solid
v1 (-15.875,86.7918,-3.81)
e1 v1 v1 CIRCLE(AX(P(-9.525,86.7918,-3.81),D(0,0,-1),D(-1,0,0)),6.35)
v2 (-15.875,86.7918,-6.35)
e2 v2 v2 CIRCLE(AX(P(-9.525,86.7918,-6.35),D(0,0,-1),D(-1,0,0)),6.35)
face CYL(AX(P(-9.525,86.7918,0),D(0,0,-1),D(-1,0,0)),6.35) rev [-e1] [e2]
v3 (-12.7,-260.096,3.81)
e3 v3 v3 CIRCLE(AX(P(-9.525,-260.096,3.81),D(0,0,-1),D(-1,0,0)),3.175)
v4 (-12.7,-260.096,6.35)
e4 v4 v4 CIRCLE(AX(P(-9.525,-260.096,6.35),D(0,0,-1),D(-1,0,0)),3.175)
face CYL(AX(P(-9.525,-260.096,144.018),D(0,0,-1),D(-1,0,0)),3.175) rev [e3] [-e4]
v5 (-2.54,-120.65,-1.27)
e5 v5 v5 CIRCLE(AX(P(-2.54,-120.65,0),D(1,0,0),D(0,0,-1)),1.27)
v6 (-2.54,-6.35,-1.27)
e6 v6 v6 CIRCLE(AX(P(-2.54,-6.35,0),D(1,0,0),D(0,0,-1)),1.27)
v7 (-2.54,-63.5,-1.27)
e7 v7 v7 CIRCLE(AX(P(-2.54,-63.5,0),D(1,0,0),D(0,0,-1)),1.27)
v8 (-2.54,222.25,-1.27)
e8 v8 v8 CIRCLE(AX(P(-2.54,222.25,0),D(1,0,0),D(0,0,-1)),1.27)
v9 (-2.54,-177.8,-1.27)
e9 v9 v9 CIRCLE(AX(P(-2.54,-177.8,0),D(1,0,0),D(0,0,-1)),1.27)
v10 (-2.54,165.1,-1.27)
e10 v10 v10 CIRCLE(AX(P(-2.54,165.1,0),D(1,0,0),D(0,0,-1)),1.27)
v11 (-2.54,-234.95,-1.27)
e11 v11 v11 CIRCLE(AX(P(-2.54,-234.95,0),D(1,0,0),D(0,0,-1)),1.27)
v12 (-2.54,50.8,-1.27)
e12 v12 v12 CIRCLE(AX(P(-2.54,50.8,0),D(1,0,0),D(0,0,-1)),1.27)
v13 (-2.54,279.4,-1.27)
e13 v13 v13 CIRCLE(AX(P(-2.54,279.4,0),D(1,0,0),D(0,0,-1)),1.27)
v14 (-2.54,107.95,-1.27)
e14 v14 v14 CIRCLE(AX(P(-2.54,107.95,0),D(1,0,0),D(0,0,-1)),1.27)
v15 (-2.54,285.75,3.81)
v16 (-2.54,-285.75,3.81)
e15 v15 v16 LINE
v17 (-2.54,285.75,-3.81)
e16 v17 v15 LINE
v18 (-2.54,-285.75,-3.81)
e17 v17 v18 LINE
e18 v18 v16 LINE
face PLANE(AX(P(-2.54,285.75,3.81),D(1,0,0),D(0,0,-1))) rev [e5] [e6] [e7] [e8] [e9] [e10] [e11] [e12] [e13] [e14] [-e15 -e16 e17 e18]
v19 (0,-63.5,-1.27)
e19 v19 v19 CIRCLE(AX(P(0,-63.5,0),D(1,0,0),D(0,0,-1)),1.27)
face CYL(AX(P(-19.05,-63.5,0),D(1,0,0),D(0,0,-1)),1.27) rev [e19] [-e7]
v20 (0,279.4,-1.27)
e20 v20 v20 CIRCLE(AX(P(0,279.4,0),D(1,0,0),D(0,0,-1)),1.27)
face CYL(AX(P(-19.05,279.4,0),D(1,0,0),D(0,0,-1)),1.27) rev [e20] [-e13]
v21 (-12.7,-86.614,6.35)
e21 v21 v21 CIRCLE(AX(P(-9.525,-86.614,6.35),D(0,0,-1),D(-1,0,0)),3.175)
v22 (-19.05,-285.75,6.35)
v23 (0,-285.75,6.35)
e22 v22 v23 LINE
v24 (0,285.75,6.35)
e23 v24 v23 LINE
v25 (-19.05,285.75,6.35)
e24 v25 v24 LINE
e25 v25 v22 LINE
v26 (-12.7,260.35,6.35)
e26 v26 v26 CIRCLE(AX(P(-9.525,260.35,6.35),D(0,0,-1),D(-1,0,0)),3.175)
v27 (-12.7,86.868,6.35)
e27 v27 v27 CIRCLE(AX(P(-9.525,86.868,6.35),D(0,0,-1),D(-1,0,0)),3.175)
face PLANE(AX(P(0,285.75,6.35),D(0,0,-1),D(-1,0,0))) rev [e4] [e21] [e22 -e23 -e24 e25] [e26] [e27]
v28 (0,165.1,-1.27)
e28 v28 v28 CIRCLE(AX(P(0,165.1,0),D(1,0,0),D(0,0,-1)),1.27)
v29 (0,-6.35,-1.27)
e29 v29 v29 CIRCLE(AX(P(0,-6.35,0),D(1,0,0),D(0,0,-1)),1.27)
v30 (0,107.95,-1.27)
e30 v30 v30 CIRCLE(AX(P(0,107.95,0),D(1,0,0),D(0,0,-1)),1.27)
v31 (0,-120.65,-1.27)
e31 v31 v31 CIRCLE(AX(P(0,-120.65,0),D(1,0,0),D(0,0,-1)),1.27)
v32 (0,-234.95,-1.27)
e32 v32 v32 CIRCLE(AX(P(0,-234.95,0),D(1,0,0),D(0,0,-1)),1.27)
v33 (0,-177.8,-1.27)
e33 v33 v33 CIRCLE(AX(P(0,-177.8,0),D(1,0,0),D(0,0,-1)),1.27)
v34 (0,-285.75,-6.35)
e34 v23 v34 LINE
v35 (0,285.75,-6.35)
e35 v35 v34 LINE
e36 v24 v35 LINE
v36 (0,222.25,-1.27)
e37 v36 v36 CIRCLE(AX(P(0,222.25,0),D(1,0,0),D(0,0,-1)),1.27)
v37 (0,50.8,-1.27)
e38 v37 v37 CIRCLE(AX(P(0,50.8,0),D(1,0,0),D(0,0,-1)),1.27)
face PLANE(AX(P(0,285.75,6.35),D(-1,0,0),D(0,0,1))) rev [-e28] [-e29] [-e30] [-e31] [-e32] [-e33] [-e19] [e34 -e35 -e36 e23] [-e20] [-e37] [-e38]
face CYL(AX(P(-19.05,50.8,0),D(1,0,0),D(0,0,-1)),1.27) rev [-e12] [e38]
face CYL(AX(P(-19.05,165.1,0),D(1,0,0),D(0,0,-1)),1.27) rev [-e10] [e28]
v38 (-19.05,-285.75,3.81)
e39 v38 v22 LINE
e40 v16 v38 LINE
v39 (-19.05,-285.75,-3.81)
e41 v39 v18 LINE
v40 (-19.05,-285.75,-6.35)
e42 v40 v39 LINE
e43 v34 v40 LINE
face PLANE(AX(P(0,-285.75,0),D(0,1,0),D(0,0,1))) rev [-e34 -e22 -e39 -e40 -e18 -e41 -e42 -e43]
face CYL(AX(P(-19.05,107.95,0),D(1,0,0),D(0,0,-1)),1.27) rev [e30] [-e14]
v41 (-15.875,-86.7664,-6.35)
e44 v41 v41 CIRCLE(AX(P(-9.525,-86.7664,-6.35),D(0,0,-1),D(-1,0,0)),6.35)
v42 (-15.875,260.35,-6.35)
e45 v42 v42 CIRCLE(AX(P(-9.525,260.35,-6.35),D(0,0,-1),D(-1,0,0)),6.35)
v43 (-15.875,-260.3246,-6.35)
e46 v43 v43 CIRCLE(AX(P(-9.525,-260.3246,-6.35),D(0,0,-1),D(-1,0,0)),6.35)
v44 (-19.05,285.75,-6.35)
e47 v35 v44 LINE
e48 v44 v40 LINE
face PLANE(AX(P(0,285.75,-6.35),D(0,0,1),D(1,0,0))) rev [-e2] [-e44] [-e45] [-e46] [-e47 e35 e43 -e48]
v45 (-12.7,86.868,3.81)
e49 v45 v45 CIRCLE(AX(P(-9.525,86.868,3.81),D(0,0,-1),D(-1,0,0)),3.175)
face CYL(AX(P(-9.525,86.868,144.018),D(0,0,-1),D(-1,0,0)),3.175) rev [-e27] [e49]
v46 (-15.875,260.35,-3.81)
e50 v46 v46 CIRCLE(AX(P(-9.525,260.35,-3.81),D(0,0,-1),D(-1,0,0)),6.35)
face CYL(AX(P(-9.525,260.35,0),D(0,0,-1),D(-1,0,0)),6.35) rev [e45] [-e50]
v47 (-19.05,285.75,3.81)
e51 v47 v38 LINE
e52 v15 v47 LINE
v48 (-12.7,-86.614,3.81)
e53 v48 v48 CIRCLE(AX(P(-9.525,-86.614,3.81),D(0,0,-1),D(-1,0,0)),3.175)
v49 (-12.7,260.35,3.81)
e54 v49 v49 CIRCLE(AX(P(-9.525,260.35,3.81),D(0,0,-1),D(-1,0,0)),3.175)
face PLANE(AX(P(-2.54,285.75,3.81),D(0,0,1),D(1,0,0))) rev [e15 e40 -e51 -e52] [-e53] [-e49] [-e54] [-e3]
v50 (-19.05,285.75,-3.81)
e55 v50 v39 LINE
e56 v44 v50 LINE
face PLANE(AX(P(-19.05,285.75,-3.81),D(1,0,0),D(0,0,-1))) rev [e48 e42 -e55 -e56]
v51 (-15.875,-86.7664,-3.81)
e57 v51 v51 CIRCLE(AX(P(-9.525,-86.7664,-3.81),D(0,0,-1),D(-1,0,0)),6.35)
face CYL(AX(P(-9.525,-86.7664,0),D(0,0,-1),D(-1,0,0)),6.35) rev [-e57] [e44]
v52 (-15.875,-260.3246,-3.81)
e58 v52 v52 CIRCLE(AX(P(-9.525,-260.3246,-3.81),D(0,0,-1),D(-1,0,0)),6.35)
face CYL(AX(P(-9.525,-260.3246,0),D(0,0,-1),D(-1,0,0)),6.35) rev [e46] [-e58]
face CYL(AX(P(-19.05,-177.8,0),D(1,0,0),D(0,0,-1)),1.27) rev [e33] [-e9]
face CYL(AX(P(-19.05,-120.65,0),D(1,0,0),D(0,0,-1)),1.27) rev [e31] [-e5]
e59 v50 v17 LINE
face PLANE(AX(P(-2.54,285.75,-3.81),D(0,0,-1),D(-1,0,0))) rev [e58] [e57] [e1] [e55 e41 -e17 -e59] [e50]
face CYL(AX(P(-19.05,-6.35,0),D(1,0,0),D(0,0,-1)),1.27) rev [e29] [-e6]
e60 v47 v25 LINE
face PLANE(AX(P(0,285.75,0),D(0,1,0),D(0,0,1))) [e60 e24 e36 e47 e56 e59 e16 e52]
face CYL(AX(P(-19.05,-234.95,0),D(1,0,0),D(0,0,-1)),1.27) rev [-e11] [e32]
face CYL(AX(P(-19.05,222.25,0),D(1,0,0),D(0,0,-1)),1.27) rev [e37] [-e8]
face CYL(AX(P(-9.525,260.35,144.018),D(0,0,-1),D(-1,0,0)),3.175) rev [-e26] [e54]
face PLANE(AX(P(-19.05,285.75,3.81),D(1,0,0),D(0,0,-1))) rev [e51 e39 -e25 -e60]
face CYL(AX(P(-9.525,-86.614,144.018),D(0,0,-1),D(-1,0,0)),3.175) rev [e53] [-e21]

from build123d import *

# Parameters (mm, degrees)
BOSS_EXTRUDE1_DEPTH = 285.75
SKETCH2_R           = 1.27
CUT_EXTRUDE1_DEPTH  = 20.05
SKETCH4_R           = 3.175
CUT_EXTRUDE2_DEPTH  = 140.208
SKETCH5_R           = 6.35
CUT_EXTRUDE3_DEPTH  = 2.54


with BuildPart() as part:
    # Sketch1 → Boss-Extrude1 (new body, symmetric)
    with BuildSketch(Plane(origin=(0, 0, 0), x_dir=(1, 0, 0), z_dir=(0, 1, 0))):
        Polygon((-19.05, 3.81), (-19.05, 6.35), (0, 6.35), (0, -6.35), (-19.05, -6.35), (-19.05, -3.81), (-2.54, -3.81), (-2.54, 3.81), align=None)
    extrude(amount=BOSS_EXTRUDE1_DEPTH, both=True)

    # Sketch2 → Cut-Extrude1 (cut, through all)
    with BuildSketch(Plane(origin=(0, 0, 0), x_dir=(0, 0, -1), z_dir=(1, 0, 0))):
        with Locations((0, 279.4)):
            Circle(SKETCH2_R)
        with Locations((0, 222.25)):
            Circle(SKETCH2_R)
        with Locations((0, 165.1)):
            Circle(SKETCH2_R)
        with Locations((0, 107.95)):
            Circle(SKETCH2_R)
        with Locations((0, 50.8)):
            Circle(SKETCH2_R)
        with Locations((0, -6.35)):
            Circle(SKETCH2_R)
        with Locations((0, -63.5)):
            Circle(SKETCH2_R)
        with Locations((0, -120.65)):
            Circle(SKETCH2_R)
        with Locations((0, -177.8)):
            Circle(SKETCH2_R)
        with Locations((0, -234.95)):
            Circle(SKETCH2_R)
    extrude(amount=-CUT_EXTRUDE1_DEPTH, mode=Mode.SUBTRACT)

    # Sketch4 → Cut-Extrude2 (cut)
    with BuildSketch(Plane(origin=(0, 0, 3.81), x_dir=(-1, 0, 0), z_dir=(0, 0, -1))):
        with Locations((9.525, 260.35)):
            Circle(SKETCH4_R)
        with Locations((9.525, 86.868)):
            Circle(SKETCH4_R)
        with Locations((9.525, -86.614)):
            Circle(SKETCH4_R)
        with Locations((9.525, -260.096)):
            Circle(SKETCH4_R)
    extrude(amount=-CUT_EXTRUDE2_DEPTH, mode=Mode.SUBTRACT)

    # Sketch5 → Cut-Extrude3 (cut)
    with BuildSketch(Plane(origin=(0, 0, -6.35), x_dir=(-1, 0, 0), z_dir=(0, 0, -1))):
        with Locations((9.525, 260.35)):
            Circle(SKETCH5_R)
        with Locations((9.525, 86.7918)):
            Circle(SKETCH5_R)
        with Locations((9.525, -86.7664)):
            Circle(SKETCH5_R)
        with Locations((9.525, -260.3246)):
            Circle(SKETCH5_R)
    extrude(amount=-CUT_EXTRUDE3_DEPTH, mode=Mode.SUBTRACT)


solid = part.part
